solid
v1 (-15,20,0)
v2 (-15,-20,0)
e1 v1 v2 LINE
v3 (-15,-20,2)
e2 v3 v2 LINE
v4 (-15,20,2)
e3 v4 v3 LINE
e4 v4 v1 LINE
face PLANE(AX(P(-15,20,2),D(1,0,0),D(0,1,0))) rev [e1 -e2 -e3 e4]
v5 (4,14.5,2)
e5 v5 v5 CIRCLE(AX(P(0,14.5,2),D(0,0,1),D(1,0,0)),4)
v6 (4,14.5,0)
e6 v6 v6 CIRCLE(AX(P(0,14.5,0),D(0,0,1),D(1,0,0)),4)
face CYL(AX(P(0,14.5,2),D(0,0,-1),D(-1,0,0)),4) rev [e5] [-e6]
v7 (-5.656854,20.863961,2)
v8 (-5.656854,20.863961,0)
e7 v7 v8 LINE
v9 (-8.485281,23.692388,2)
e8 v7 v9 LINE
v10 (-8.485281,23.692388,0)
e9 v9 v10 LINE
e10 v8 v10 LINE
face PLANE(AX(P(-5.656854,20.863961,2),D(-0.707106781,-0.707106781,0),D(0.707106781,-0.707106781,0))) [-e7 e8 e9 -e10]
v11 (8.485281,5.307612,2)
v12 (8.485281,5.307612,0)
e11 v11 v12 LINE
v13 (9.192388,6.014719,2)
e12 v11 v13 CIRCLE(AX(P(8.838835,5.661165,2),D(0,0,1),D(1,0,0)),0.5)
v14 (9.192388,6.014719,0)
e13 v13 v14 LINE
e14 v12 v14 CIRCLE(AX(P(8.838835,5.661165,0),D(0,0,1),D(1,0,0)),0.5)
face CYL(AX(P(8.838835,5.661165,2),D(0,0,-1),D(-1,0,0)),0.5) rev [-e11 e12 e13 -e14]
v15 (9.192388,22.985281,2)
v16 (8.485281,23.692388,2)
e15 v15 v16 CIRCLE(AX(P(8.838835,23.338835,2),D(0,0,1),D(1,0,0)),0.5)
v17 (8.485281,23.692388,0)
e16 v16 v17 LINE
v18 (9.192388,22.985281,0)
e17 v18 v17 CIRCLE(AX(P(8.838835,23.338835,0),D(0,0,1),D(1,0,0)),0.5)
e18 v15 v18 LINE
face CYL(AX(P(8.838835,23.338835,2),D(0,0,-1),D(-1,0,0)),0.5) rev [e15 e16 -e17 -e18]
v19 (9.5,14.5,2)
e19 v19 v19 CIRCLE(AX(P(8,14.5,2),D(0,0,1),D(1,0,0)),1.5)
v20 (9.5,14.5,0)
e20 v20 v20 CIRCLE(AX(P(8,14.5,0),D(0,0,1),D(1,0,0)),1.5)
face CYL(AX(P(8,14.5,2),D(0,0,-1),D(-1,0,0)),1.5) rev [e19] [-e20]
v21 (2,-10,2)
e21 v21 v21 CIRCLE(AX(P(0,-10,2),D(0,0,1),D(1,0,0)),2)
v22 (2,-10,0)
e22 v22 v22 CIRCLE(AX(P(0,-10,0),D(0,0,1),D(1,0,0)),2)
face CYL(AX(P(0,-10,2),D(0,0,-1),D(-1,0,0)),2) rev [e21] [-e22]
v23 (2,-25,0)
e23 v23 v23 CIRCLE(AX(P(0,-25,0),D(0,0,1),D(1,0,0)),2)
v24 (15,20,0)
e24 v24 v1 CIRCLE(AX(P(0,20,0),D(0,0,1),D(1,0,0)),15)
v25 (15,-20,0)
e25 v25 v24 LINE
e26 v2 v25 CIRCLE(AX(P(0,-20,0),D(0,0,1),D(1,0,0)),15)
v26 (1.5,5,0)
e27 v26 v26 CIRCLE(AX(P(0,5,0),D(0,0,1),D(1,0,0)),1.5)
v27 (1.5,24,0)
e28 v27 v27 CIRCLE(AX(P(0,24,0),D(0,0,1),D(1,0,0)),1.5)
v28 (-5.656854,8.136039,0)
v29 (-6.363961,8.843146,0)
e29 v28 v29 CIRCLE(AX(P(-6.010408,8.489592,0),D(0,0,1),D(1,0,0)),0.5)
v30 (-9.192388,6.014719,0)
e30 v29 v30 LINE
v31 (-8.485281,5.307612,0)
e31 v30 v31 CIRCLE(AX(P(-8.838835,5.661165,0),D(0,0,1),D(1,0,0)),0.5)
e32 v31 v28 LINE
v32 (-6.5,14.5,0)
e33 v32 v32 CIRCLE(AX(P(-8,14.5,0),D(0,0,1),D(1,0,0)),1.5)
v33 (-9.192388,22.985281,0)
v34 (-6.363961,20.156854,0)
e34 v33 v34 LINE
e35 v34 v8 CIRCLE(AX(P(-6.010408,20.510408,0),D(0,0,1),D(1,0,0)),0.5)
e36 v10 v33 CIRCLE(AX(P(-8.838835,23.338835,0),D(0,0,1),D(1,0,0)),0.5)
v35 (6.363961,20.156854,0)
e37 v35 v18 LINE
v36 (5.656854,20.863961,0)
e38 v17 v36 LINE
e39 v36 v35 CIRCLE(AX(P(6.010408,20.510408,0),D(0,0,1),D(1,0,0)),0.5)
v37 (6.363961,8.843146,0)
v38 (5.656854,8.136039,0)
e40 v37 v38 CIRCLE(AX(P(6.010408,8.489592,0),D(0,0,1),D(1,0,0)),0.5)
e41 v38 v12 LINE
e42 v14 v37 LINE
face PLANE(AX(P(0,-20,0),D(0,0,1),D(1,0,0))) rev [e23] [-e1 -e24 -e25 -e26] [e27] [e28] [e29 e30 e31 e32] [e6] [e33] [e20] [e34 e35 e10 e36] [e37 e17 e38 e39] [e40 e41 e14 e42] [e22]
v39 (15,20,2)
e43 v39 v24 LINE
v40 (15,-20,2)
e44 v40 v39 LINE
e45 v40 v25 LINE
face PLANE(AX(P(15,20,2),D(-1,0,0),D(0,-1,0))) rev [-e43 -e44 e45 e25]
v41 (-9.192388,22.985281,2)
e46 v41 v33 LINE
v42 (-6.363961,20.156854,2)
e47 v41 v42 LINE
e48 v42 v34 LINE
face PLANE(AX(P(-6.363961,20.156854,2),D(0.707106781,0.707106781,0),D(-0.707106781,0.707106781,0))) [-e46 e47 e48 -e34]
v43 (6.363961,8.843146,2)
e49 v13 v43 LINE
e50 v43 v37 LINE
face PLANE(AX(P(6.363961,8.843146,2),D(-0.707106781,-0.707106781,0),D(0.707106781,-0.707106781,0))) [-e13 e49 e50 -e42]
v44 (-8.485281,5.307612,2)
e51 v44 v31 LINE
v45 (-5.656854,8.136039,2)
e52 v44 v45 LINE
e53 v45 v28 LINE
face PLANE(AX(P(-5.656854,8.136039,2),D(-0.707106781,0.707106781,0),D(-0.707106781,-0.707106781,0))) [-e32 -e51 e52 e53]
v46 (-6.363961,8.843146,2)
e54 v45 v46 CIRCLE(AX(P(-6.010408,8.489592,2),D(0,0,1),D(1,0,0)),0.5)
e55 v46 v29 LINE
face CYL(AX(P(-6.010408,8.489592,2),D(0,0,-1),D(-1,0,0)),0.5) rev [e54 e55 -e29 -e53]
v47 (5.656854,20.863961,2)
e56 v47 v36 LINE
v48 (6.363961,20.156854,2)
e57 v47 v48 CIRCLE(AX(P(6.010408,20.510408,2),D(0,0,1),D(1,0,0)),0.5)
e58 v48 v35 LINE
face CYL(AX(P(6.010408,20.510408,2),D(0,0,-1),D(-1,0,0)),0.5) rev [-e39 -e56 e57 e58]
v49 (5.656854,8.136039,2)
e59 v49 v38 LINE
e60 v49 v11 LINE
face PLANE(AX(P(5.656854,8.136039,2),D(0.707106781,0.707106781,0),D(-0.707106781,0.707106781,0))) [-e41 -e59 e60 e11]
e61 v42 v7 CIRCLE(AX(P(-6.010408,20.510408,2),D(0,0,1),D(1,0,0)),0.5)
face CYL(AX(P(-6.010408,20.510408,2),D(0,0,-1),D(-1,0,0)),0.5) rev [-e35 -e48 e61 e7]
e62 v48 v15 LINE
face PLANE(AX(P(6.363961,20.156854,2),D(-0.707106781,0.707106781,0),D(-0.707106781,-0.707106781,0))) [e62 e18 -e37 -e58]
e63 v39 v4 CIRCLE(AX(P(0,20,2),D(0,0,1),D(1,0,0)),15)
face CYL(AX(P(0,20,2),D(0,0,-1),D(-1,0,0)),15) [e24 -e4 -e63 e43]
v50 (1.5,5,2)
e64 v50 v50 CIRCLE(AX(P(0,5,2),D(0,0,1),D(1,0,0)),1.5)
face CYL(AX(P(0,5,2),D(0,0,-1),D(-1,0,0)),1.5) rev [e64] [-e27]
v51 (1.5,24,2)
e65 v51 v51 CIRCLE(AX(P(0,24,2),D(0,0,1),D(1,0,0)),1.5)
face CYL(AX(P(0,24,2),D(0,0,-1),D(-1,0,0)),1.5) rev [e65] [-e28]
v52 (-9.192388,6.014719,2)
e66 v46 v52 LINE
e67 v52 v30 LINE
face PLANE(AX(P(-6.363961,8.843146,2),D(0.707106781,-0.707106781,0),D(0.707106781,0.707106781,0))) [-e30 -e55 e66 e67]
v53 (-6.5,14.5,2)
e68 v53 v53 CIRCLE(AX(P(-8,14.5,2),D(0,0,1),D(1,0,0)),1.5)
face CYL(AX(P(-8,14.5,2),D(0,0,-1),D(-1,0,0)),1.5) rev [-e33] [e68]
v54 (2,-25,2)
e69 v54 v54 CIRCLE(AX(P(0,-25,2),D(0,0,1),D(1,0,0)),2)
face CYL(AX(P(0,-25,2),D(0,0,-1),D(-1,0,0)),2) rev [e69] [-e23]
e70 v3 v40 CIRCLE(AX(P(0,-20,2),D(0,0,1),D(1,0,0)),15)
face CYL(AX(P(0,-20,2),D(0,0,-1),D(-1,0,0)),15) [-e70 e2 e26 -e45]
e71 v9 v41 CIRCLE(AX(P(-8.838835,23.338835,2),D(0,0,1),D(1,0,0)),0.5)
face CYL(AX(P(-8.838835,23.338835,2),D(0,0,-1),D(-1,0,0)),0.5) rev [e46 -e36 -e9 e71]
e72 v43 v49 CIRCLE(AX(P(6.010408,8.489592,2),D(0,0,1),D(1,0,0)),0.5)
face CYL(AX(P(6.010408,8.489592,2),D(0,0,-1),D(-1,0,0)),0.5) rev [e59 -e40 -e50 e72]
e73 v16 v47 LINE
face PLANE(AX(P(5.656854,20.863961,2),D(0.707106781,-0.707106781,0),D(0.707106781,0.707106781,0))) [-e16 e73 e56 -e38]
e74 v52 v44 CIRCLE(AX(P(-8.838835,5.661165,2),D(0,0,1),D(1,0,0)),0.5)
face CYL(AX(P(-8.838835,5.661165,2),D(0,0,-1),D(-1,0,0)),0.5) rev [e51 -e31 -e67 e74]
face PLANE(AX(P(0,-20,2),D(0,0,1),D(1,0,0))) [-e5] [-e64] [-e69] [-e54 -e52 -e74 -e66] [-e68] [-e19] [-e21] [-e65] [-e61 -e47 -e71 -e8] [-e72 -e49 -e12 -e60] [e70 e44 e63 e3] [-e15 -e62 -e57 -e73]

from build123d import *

# Parameters (mm, degrees)
SKETCH1_R           = 2
SKETCH1_R_2         = 1.5
SKETCH1_R_3         = 4
BOSS_EXTRUDE1_DEPTH = 2


with BuildPart() as part:
    # Sketch1 → Boss-Extrude1 (new body)
    with BuildSketch(Plane.XY):
        with BuildLine():
            Line((-15, 20), (-15, -20))
            ThreePointArc((-15, -20), (0, -35), (15, -20))
            Line((15, -20), (15, 20))
            ThreePointArc((15, 20), (0, 35), (-15, 20))
        make_face()
        with Locations((0, -25)):
            Circle(SKETCH1_R, mode=Mode.SUBTRACT)
        with Locations((0, -10)):
            Circle(SKETCH1_R, mode=Mode.SUBTRACT)
        with Locations((0, 5)):
            Circle(SKETCH1_R_2, mode=Mode.SUBTRACT)
        with Locations((0, 24)):
            Circle(SKETCH1_R_2, mode=Mode.SUBTRACT)
        with Locations((-8, 14.5)):
            Circle(SKETCH1_R_2, mode=Mode.SUBTRACT)
        with Locations((8, 14.5)):
            Circle(SKETCH1_R_2, mode=Mode.SUBTRACT)
        with Locations((0, 14.5)):
            Circle(SKETCH1_R_3, mode=Mode.SUBTRACT)
        with BuildLine():
            Line((5.656854249, 8.136038969), (8.485281374, 5.307611845))
            ThreePointArc((8.485281374, 5.307611845), (9.192388155, 5.307611845), (9.192388155, 6.014718626))
            Line((9.192388155, 6.014718626), (6.363961031, 8.843145751))
            ThreePointArc((6.363961031, 8.843145751), (5.656854249, 8.843145751), (5.656854249, 8.136038969))
        make_face(mode=Mode.SUBTRACT)
        with BuildLine():
            Line((-6.363961031, 8.843145751), (-9.192388155, 6.014718626))
            ThreePointArc((-9.192388155, 6.014718626), (-9.192388155, 5.307611845), (-8.485281374, 5.307611845))
            Line((-8.485281374, 5.307611845), (-5.656854249, 8.136038969))
            ThreePointArc((-5.656854249, 8.136038969), (-5.656854249, 8.843145751), (-6.363961031, 8.843145751))
        make_face(mode=Mode.SUBTRACT)
        with BuildLine():
            Line((6.363961031, 20.156854249), (9.192388155, 22.985281374))
            ThreePointArc((9.192388155, 22.985281374), (9.192388155, 23.692388155), (8.485281374, 23.692388155))
            Line((8.485281374, 23.692388155), (5.656854249, 20.863961031))
            ThreePointArc((5.656854249, 20.863961031), (5.656854249, 20.156854249), (6.363961031, 20.156854249))
        make_face(mode=Mode.SUBTRACT)
        with BuildLine():
            Line((-5.656854249, 20.863961031), (-8.485281374, 23.692388155))
            ThreePointArc((-8.485281374, 23.692388155), (-9.192388155, 23.692388155), (-9.192388155, 22.985281374))
            Line((-9.192388155, 22.985281374), (-6.363961031, 20.156854249))
            ThreePointArc((-6.363961031, 20.156854249), (-5.656854249, 20.156854249), (-5.656854249, 20.863961031))
        make_face(mode=Mode.SUBTRACT)
    extrude(amount=BOSS_EXTRUDE1_DEPTH)


solid = part.part
